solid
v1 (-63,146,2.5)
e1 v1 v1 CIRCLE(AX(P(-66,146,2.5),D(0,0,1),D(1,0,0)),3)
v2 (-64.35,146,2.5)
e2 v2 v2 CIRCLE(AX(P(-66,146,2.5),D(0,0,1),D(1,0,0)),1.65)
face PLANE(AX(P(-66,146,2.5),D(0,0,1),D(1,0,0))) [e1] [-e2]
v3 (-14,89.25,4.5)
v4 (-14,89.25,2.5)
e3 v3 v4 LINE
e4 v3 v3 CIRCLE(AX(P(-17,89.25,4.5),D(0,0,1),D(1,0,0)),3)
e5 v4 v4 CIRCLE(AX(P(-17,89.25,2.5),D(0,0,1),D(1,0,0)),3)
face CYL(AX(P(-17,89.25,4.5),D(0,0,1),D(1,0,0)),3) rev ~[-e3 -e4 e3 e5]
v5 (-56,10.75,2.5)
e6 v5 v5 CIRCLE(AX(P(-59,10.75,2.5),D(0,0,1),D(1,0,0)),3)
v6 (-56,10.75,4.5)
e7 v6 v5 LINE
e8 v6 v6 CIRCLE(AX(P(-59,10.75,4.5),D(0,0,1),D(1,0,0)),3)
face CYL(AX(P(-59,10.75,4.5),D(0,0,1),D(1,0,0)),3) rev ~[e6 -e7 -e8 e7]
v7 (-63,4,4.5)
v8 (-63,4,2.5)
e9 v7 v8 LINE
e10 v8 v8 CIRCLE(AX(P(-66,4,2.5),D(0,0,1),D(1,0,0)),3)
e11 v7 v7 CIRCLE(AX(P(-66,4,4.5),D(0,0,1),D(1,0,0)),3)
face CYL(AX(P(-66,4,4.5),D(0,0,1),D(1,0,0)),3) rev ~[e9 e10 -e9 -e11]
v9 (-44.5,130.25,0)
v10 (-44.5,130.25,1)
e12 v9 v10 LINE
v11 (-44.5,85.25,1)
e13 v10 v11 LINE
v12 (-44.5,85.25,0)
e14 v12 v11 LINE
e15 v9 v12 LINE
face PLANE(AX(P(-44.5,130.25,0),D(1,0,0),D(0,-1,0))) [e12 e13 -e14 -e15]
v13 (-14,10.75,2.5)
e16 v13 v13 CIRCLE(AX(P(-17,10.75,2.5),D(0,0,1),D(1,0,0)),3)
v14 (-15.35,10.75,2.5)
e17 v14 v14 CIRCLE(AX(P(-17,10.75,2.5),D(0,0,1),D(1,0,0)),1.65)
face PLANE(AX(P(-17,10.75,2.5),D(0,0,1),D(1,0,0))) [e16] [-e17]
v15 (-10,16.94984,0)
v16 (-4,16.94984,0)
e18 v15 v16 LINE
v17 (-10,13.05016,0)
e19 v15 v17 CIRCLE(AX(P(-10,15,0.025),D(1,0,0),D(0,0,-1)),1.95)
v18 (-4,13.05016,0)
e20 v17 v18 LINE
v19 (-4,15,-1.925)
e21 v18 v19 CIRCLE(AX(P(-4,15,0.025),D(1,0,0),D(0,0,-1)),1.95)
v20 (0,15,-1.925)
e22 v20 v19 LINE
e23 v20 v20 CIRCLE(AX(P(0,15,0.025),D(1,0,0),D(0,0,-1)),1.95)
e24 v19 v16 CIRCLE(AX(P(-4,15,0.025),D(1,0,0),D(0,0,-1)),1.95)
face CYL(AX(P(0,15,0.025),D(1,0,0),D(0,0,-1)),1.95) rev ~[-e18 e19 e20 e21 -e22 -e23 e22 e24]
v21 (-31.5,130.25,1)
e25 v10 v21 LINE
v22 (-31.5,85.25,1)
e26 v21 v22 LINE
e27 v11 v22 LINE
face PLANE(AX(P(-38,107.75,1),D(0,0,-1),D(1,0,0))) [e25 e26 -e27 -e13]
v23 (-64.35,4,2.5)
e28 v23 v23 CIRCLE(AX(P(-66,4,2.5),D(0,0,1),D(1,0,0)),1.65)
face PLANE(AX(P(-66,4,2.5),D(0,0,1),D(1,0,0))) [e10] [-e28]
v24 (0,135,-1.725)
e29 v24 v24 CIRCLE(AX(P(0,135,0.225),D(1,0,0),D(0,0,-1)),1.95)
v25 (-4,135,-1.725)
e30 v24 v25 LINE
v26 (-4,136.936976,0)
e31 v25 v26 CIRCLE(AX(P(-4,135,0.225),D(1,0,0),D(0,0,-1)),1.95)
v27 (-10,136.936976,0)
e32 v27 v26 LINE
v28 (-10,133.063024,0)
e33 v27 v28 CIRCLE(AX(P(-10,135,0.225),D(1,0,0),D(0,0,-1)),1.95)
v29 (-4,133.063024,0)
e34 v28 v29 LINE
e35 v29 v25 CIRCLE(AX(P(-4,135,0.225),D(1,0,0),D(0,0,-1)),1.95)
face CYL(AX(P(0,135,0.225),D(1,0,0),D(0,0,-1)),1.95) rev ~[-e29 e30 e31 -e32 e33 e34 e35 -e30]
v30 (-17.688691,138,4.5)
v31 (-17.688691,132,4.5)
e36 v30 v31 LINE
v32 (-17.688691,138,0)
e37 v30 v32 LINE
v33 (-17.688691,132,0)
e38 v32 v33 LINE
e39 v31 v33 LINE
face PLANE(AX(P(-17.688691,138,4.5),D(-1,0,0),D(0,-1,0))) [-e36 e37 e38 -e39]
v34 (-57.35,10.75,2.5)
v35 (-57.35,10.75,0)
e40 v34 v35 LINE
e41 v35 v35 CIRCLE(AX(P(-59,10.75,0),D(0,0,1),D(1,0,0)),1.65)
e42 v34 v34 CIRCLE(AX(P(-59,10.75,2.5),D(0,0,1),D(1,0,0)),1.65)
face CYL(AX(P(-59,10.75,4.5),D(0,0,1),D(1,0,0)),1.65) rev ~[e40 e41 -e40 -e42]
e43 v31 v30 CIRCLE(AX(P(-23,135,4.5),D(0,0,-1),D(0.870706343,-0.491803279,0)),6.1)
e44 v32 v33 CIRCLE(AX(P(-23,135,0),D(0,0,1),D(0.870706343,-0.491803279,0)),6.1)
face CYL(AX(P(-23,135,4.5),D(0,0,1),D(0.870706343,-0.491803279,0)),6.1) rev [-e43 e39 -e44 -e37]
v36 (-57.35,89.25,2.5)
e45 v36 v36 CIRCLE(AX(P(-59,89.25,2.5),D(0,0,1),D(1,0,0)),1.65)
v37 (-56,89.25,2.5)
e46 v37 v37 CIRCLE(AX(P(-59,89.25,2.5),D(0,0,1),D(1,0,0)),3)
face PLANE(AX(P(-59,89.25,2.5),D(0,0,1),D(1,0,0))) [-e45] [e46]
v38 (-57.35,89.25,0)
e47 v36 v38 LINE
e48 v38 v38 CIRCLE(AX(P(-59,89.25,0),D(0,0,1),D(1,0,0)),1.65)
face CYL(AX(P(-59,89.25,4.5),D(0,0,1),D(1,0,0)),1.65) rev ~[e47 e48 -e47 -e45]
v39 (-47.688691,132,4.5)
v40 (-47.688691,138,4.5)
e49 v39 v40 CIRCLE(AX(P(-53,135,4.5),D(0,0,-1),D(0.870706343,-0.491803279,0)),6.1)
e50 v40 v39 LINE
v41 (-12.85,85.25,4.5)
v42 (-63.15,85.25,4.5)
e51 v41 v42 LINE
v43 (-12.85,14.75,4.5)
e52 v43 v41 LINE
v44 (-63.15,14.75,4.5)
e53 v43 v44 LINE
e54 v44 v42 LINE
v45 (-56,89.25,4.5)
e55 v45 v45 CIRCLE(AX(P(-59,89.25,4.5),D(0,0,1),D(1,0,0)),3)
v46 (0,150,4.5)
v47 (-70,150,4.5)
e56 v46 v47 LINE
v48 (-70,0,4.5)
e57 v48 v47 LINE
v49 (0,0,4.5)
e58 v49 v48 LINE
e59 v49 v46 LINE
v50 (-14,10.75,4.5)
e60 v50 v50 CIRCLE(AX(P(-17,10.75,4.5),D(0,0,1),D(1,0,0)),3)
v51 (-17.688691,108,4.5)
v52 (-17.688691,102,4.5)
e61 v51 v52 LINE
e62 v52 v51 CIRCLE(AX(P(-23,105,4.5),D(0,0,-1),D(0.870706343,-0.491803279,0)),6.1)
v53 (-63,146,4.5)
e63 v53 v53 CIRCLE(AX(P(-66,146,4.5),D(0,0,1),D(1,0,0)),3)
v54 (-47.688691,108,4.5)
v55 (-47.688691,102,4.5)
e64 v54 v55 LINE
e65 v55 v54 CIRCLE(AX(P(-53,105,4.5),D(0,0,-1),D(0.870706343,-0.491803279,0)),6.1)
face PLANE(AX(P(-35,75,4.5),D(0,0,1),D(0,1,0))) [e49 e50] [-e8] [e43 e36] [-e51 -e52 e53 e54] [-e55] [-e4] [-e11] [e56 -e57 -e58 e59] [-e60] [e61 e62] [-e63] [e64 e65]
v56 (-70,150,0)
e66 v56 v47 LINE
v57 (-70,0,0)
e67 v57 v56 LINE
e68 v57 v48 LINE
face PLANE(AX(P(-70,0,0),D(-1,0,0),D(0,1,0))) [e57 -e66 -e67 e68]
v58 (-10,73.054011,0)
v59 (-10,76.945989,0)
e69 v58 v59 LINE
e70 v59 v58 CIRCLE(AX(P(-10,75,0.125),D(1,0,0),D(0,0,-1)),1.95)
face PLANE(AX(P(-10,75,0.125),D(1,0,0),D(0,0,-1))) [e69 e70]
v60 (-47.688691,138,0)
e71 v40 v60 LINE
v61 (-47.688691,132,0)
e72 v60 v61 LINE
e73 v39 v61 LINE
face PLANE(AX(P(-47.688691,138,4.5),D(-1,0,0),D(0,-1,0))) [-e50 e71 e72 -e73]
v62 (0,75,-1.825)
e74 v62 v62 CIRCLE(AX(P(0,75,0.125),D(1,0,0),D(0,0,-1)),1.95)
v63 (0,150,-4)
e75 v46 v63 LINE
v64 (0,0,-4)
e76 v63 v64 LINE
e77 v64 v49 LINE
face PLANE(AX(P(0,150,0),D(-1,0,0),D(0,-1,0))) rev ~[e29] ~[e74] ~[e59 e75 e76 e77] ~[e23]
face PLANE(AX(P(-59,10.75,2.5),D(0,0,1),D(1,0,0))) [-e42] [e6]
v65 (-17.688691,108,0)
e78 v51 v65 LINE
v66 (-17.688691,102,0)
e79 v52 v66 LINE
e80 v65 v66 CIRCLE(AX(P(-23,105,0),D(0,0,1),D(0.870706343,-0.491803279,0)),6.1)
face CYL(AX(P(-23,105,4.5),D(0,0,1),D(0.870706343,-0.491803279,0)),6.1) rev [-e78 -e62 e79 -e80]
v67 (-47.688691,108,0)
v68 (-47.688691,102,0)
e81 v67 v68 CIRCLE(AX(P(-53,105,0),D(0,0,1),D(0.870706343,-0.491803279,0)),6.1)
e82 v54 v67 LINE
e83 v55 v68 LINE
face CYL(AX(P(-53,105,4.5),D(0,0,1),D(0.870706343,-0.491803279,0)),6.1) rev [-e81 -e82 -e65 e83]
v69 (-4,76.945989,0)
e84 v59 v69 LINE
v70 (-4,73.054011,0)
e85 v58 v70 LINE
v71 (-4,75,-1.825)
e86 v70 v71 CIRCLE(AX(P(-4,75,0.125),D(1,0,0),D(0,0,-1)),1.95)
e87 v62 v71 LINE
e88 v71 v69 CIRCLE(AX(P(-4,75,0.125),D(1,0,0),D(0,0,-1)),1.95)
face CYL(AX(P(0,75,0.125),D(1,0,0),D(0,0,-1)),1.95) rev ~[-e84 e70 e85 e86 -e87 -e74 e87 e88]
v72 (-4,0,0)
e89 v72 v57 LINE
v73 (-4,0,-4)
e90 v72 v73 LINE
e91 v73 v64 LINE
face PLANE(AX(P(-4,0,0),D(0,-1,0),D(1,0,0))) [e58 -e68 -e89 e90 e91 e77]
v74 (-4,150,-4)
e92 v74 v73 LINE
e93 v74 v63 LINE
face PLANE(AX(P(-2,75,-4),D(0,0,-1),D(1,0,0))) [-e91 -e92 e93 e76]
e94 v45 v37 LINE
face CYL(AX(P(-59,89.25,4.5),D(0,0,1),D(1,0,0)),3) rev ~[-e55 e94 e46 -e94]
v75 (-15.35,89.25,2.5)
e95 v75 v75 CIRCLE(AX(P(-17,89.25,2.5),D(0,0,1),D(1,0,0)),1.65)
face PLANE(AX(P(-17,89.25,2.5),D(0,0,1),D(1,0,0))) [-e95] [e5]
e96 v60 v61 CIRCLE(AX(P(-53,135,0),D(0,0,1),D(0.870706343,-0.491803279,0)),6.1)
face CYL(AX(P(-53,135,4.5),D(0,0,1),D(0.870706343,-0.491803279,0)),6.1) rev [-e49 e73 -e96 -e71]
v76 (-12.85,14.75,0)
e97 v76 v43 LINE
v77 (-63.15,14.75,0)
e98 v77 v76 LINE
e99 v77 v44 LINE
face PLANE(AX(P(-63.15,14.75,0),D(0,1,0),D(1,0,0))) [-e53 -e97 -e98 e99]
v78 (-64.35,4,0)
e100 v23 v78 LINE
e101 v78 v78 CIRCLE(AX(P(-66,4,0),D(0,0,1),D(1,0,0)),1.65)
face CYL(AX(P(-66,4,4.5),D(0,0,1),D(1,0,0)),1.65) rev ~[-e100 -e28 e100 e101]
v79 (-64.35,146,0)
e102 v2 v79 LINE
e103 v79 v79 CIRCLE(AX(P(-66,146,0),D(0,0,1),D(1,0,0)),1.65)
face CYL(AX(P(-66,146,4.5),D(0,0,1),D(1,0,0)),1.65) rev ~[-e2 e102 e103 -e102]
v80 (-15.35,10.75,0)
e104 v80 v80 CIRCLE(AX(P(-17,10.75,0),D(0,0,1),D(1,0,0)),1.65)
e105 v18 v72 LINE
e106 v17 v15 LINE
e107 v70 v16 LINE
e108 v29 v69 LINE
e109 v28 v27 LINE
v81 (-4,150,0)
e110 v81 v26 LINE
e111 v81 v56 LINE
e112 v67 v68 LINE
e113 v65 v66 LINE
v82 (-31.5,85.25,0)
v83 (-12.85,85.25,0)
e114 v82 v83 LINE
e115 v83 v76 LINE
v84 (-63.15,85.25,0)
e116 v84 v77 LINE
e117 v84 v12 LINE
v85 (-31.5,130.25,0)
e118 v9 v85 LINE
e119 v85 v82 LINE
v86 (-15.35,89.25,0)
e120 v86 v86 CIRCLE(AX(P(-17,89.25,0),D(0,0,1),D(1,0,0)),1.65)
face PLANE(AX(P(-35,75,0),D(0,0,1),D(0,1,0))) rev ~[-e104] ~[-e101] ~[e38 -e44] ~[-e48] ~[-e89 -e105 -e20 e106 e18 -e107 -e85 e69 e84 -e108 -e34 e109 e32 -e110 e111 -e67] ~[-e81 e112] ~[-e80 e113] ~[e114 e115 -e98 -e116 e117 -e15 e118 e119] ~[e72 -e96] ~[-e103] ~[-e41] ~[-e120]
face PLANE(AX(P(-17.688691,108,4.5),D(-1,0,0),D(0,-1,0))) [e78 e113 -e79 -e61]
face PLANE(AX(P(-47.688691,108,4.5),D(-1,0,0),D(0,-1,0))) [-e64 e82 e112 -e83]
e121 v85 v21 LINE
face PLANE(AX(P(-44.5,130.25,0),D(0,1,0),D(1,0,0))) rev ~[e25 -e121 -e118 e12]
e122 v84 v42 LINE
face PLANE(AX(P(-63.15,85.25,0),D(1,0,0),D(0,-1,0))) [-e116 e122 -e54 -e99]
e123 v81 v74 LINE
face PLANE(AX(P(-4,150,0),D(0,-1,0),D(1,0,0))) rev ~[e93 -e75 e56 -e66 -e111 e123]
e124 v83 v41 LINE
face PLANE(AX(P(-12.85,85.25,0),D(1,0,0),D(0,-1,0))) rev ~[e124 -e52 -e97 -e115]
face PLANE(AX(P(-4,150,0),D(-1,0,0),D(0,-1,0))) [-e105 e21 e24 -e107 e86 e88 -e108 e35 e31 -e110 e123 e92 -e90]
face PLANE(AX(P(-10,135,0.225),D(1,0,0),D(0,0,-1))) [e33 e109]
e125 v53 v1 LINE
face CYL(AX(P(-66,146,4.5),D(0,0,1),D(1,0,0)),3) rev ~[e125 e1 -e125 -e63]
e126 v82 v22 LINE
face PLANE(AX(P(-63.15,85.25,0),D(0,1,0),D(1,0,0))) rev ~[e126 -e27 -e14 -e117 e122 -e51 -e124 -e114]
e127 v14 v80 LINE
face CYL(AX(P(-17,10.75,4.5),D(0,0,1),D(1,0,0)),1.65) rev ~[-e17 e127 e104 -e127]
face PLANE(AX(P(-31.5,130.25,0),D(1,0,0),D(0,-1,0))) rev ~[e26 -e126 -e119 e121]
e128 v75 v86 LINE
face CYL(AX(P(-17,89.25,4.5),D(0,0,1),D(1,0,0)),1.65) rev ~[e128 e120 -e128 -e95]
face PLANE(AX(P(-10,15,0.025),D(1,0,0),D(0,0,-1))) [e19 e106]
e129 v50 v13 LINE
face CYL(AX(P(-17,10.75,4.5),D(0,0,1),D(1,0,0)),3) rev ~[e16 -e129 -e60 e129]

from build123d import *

# Parameters (mm, degrees)
SKETCH1_W           = 150
SKETCH1_H           = 70
BOSS_EXTRUDE1_DEPTH = 4.5
SKETCH2_W           = 50.3
SKETCH2_H           = 70.5
CUT_EXTRUDE1_DEPTH  = 166.590609637
CUT_EXTRUDE2_DEPTH  = 166.590609637
SKETCH4_R           = 1.65
CUT_EXTRUDE3_DEPTH  = 166.590609637
SKETCH5_R           = 3
CUT_EXTRUDE4_DEPTH  = 2
SKETCH7_W           = 4
SKETCH7_H           = 150
BOSS_EXTRUDE2_DEPTH = 4
SKETCH8_R           = 1.95
CUT_EXTRUDE5_DEPTH  = 10
SKETCH10_W          = 13
SKETCH10_H          = 45
CUT_EXTRUDE6_DEPTH  = 1


with BuildPart() as part:
    # Sketch1 → Boss-Extrude1 (new body)
    with BuildSketch(Plane(origin=(0, 0, 0), x_dir=(0, 1, 0), z_dir=(0, 0, 1))):
        with Locations((75, 35)):
            Rectangle(SKETCH1_W, SKETCH1_H)
    extrude(amount=BOSS_EXTRUDE1_DEPTH)

    # Sketch2 → Cut-Extrude1 (cut, through all)
    with BuildSketch(Plane(origin=(0, 0, 0), x_dir=(1, 0, 0), z_dir=(0, 0, -1))):
        with Locations((-38, -50)):
            Rectangle(SKETCH2_W, SKETCH2_H)
    extrude(amount=-CUT_EXTRUDE1_DEPTH, mode=Mode.SUBTRACT)

    # Sketch3 → Cut-Extrude2 (cut, through all)
    with BuildSketch(Plane.XY.offset(4.5)):
        with BuildLine():
            Line((-47.68869131, 108), (-47.68869131, 102))
            ThreePointArc((-47.68869131, 102), (-59.1, 105), (-47.68869131, 108))
        make_face()
        with BuildLine():
            Line((-47.68869131, 138), (-47.68869131, 132))
            ThreePointArc((-47.68869131, 132), (-59.1, 135), (-47.68869131, 138))
        make_face()
        with BuildLine():
            Line((-17.68869131, 138), (-17.68869131, 132))
            ThreePointArc((-17.68869131, 132), (-29.1, 135), (-17.68869131, 138))
        make_face()
        with BuildLine():
            Line((-17.68869131, 108), (-17.68869131, 102))
            ThreePointArc((-17.68869131, 102), (-29.1, 105), (-17.68869131, 108))
        make_face()
    extrude(amount=-CUT_EXTRUDE2_DEPTH, mode=Mode.SUBTRACT)

    # Sketch4 → Cut-Extrude3 (cut, through all)
    with BuildSketch(Plane.XY.offset(4.5)):
        with Locations((-59, 89.25)):
            Circle(SKETCH4_R)
        with Locations((-17, 89.25)):
            Circle(SKETCH4_R)
        with Locations((-17, 10.75)):
            Circle(SKETCH4_R)
        with Locations((-59, 10.75)):
            Circle(SKETCH4_R)
        with Locations((-66, 146)):
            Circle(SKETCH4_R)
        with Locations((-66, 4)):
            Circle(SKETCH4_R)
    extrude(amount=-CUT_EXTRUDE3_DEPTH, mode=Mode.SUBTRACT)

    # Sketch5 → Cut-Extrude4 (cut)
    with BuildSketch(Plane.XY.offset(4.5)):
        with Locations((-59, 89.25)):
            Circle(SKETCH5_R)
        with Locations((-17, 89.25)):
            Circle(SKETCH5_R)
        with Locations((-17, 10.75)):
            Circle(SKETCH5_R)
        with Locations((-59, 10.75)):
            Circle(SKETCH5_R)
        with Locations((-66, 146)):
            Circle(SKETCH5_R)
        with Locations((-66, 4)):
            Circle(SKETCH5_R)
    extrude(amount=-CUT_EXTRUDE4_DEPTH, mode=Mode.SUBTRACT)

    # Sketch7 → Boss-Extrude2 (add)
    with BuildSketch(Plane(origin=(0, 0, 0), x_dir=(1, 0, 0), z_dir=(0, 0, -1))):
        with Locations((-2, -75)):
            Rectangle(SKETCH7_W, SKETCH7_H)
    extrude(amount=BOSS_EXTRUDE2_DEPTH)

    # Sketch8 → Cut-Extrude5 (cut)
    with BuildSketch(Plane.YZ):
        with Locations(Location((15, 0.025, 0), (0, 0, 270))):
            Circle(SKETCH8_R)
        with Locations(Location((75, 0.125, 0), (0, 0, 270))):
            Circle(SKETCH8_R)
        with Locations(Location((135, 0.225, 0), (0, 0, 270))):
            Circle(SKETCH8_R)
    extrude(amount=-CUT_EXTRUDE5_DEPTH, mode=Mode.SUBTRACT)

    # Sketch10 → Cut-Extrude6 (cut)
    with BuildSketch(Plane(origin=(0, 0, 0), x_dir=(1, 0, 0), z_dir=(0, 0, -1))):
        with Locations((-38, -107.75)):
            Rectangle(SKETCH10_W, SKETCH10_H)
    extrude(amount=-CUT_EXTRUDE6_DEPTH, mode=Mode.SUBTRACT)


solid = part.part
